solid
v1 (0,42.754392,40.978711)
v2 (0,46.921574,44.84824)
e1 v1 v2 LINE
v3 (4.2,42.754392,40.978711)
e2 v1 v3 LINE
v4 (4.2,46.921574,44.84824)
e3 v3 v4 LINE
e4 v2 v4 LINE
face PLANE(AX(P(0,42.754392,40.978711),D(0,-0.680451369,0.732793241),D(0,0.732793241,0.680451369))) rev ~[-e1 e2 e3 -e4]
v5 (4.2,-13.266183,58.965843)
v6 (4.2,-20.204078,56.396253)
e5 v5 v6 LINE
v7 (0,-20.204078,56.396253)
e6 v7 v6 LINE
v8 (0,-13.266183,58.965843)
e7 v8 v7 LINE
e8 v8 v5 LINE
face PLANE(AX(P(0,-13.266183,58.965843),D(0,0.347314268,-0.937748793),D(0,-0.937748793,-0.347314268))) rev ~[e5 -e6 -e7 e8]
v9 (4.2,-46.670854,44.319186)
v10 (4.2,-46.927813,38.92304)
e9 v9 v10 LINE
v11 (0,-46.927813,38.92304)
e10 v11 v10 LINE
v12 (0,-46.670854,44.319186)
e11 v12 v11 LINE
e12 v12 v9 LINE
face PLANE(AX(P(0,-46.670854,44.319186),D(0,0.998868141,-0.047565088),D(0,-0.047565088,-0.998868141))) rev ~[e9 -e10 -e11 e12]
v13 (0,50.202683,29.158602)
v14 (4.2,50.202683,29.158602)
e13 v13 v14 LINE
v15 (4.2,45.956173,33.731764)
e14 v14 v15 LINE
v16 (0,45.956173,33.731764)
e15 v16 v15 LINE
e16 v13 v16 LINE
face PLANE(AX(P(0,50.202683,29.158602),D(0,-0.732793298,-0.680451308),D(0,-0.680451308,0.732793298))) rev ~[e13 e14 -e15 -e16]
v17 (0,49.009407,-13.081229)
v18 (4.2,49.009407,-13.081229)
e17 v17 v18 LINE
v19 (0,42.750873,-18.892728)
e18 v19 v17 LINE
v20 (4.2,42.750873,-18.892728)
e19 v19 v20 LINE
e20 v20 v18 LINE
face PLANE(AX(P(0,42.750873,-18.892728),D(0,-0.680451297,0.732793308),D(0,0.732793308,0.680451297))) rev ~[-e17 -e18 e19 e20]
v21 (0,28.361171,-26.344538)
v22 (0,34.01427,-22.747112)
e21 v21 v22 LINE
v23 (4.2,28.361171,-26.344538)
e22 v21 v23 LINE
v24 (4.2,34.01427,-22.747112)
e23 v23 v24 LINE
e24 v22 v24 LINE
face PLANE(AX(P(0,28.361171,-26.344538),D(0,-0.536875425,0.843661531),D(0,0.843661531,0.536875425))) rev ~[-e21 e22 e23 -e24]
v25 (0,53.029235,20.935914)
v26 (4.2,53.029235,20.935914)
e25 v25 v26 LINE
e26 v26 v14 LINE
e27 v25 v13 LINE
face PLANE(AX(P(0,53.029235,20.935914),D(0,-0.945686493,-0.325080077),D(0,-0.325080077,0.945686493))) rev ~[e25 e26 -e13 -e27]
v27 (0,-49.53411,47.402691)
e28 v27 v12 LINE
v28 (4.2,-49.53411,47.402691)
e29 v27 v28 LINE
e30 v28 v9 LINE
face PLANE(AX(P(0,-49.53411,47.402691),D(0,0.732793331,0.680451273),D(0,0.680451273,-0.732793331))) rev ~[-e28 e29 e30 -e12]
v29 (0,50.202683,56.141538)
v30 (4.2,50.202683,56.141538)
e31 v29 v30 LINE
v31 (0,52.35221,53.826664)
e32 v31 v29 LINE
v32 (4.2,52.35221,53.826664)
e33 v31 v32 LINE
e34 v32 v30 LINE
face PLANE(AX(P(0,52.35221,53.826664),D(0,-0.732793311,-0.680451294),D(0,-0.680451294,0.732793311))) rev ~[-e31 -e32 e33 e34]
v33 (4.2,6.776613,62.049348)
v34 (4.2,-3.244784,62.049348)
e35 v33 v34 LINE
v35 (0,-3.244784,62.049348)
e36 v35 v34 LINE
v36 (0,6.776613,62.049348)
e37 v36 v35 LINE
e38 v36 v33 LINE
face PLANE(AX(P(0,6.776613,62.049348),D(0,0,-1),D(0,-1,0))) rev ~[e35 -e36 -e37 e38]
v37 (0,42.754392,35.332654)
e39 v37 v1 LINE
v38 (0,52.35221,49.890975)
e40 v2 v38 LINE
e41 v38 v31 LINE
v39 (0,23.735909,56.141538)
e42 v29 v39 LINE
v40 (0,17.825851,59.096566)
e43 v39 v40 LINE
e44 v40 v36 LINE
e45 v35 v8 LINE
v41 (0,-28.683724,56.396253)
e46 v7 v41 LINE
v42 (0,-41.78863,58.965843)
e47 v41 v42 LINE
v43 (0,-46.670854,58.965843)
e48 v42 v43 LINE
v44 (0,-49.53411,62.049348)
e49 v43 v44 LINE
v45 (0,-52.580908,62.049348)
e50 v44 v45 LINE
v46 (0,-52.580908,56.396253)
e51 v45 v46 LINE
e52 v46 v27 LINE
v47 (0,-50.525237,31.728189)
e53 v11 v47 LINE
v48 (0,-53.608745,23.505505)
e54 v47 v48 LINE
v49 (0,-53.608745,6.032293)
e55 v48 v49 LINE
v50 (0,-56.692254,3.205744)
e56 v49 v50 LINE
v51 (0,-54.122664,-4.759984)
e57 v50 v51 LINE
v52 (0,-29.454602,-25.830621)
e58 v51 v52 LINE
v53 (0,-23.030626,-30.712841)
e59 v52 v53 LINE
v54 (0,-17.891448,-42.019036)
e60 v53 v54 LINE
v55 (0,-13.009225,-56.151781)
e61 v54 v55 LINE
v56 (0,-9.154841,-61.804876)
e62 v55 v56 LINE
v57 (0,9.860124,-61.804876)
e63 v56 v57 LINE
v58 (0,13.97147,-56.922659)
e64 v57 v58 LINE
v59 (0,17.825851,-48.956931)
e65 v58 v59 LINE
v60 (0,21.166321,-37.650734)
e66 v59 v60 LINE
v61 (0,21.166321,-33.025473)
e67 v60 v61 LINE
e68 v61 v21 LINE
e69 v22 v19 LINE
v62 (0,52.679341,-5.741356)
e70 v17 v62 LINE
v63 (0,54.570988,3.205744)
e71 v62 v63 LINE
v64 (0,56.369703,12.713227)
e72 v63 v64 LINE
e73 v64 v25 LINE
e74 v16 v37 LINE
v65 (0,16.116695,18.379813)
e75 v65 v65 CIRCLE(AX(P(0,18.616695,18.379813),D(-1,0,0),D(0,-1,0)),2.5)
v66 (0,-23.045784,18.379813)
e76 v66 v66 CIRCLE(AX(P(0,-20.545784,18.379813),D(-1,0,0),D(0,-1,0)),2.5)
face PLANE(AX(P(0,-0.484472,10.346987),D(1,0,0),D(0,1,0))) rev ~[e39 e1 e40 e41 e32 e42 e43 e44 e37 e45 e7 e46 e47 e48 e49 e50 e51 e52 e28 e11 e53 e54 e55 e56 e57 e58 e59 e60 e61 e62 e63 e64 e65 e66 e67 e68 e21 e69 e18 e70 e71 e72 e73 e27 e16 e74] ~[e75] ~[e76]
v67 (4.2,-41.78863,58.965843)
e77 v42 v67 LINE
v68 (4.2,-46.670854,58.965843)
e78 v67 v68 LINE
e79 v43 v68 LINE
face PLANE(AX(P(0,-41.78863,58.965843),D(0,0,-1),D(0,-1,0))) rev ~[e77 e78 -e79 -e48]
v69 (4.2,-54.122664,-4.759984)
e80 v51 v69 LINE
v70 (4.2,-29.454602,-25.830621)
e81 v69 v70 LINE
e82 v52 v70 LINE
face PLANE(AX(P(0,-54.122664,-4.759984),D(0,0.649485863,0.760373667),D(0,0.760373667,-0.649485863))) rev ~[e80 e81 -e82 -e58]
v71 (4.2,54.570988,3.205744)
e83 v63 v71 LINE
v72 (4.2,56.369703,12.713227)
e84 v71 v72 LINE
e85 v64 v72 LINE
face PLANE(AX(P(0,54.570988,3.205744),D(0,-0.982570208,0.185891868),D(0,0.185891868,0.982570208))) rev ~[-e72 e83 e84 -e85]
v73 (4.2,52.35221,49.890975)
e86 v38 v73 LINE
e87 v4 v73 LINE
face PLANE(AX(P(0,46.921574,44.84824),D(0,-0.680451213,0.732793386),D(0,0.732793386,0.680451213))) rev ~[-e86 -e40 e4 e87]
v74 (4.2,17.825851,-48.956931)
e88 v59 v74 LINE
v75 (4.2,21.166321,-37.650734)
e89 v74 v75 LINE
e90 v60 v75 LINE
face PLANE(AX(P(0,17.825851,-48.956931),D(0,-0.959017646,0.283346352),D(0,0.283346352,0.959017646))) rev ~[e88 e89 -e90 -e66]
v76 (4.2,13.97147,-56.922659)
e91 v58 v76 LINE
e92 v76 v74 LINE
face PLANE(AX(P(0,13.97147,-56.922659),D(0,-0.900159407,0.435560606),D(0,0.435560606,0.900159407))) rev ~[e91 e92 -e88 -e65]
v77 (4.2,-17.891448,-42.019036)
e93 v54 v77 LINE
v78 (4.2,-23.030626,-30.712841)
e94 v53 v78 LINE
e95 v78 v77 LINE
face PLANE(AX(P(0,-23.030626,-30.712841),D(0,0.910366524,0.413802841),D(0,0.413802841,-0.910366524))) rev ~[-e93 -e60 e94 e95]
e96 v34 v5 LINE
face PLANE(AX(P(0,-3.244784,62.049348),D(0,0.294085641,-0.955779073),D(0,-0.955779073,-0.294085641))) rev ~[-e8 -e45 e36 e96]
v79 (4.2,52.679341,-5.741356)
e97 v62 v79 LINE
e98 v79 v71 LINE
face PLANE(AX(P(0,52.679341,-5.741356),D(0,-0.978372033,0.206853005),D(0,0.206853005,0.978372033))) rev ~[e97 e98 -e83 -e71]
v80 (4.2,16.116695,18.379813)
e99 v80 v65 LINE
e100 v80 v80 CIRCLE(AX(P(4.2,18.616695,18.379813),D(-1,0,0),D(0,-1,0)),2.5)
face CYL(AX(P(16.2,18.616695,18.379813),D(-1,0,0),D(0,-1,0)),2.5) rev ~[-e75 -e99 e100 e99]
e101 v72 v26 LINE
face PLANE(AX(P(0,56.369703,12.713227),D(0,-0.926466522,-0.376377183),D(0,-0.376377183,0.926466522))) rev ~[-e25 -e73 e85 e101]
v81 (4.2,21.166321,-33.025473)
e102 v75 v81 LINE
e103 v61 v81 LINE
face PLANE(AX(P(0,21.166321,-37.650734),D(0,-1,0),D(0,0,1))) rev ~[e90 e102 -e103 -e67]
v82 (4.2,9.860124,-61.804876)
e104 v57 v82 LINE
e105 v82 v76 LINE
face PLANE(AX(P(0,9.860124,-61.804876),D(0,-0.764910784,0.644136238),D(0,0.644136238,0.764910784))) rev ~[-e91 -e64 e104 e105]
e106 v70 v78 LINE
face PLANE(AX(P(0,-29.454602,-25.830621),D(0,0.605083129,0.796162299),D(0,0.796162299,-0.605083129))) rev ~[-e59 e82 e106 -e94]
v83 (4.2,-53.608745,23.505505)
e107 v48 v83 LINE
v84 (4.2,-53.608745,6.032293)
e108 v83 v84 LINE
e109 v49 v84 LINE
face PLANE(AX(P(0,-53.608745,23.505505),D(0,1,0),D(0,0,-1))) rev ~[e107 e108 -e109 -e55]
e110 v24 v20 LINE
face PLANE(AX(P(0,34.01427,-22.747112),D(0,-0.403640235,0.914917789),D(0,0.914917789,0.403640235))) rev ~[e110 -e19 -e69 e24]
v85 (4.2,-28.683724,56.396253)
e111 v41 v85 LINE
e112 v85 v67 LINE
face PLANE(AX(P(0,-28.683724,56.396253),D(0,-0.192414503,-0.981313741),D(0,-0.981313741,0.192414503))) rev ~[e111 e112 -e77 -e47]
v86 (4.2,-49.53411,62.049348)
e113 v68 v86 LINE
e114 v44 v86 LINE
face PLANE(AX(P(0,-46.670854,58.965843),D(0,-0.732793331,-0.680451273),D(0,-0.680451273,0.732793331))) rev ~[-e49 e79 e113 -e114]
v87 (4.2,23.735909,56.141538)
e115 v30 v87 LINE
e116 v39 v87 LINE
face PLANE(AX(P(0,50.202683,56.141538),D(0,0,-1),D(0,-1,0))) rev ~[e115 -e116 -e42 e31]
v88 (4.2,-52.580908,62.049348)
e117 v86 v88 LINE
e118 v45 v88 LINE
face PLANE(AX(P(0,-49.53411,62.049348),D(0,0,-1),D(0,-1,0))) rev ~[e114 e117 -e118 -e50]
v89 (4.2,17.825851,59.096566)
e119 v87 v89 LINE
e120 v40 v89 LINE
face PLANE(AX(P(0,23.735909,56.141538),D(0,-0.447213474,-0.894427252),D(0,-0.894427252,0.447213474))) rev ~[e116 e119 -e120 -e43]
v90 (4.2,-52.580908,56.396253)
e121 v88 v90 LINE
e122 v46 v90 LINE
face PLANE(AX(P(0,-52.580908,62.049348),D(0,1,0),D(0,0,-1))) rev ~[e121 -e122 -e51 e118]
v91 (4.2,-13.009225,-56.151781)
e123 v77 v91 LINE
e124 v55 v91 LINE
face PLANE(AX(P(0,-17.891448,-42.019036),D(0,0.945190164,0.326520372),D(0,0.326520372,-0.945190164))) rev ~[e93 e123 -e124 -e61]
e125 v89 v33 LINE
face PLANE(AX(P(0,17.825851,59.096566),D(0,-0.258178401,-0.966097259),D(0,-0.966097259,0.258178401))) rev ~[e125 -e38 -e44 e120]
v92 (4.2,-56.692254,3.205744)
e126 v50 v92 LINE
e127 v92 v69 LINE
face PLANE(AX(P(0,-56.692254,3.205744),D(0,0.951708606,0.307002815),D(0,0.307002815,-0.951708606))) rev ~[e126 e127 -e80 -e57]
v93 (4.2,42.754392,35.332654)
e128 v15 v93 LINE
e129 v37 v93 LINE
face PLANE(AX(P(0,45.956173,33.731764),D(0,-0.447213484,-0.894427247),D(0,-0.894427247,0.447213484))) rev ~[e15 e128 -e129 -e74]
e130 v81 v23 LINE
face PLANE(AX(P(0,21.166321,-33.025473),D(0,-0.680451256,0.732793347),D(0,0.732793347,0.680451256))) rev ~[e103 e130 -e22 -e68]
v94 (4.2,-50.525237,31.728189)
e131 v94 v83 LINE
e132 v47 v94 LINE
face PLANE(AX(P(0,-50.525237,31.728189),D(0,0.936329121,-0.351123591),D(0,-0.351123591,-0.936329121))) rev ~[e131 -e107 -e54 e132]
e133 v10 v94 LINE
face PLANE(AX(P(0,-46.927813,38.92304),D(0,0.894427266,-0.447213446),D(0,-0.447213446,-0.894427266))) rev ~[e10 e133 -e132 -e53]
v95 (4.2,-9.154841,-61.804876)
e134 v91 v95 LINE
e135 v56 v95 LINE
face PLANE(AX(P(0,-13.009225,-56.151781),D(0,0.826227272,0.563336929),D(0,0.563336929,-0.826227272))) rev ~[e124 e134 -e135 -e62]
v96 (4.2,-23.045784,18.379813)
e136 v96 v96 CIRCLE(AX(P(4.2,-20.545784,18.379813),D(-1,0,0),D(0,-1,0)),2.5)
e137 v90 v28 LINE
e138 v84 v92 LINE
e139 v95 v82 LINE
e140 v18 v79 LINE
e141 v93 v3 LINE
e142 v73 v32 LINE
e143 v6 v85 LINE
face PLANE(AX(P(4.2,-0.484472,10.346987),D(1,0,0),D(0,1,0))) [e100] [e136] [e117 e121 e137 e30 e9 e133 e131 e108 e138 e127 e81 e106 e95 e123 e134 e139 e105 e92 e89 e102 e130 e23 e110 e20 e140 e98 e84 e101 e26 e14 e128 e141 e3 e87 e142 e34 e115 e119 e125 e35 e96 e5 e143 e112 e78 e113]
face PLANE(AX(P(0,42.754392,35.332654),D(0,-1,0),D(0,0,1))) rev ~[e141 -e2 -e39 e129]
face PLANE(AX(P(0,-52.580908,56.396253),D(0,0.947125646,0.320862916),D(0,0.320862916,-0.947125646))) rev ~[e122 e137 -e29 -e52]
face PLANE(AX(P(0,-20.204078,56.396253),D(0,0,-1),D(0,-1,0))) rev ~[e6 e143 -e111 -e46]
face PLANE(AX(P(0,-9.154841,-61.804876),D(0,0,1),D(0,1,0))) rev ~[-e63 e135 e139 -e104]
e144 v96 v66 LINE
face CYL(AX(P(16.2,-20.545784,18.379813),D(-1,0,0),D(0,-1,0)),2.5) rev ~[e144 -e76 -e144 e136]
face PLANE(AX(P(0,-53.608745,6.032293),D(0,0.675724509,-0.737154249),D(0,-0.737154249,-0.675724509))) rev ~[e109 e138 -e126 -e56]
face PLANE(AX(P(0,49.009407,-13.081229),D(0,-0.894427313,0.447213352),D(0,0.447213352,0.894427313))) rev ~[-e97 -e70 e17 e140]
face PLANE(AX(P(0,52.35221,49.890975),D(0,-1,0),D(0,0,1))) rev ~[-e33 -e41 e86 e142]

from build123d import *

# Parameters (mm, degrees)
F1_DEPTH = 4.2
F3_D     = 5
F3_DEPTH = 12


with BuildPart() as f1:
    # F0 (on Right) → F1 (new body)
    with BuildSketch(Plane.YZ):
        Polygon((-46.670854, 44.319186), (-46.927813, 38.92304), (-50.525237, 31.728189), (-53.608745, 23.505505), (-53.608745, 17.595448), (-53.608745, 10.657554), (-53.608745, 6.032293), (-56.692254, 3.205744), (-54.122664, -4.759984), (-29.454602, -25.830621), (-23.030626, -30.712841), (-17.891448, -42.019036), (-13.009225, -56.151781), (-9.154841, -61.804876), (-3.244784, -61.804876), (3.693108, -61.804876), (9.860124, -61.804876), (13.97147, -56.922659), (17.825851, -48.956931), (21.166321, -37.650734), (21.166321, -33.025473), (28.361171, -26.344538), (34.01427, -22.747112), (42.750873, -18.892728), (49.009407, -13.081229), (52.679341, -5.741356), (54.570988, 3.205744), (56.369703, 12.713227), (53.029235, 20.935914), (50.202683, 29.158602), (45.956173, 33.731764), (42.754392, 35.332654), (42.754392, 38.409129), (42.754392, 40.978711), (46.921574, 44.84824), (52.35221, 49.890975), (52.35221, 53.826664), (50.202683, 56.141538), (42.754392, 56.141538), (32.215554, 56.141538), (23.735909, 56.141538), (17.825851, 59.096566), (6.776613, 62.049348), (3.693108, 62.049348), (-3.244784, 62.049348), (-13.266183, 58.965843), (-20.204078, 56.396253), (-28.683724, 56.396253), (-41.78863, 58.965843), (-46.670854, 58.965843), (-49.53411, 62.049348), (-52.580908, 62.049348), (-52.580908, 56.396253), (-49.53411, 47.402691), align=None)
    extrude(amount=F1_DEPTH)

    # F3
    with Locations(Plane.YZ.offset(4.2)):
        with Locations((-20.545784, 18.379813), (18.616695, 18.379813)):
            Hole(F3_D / 2, depth=F3_DEPTH)


solid = f1.part
